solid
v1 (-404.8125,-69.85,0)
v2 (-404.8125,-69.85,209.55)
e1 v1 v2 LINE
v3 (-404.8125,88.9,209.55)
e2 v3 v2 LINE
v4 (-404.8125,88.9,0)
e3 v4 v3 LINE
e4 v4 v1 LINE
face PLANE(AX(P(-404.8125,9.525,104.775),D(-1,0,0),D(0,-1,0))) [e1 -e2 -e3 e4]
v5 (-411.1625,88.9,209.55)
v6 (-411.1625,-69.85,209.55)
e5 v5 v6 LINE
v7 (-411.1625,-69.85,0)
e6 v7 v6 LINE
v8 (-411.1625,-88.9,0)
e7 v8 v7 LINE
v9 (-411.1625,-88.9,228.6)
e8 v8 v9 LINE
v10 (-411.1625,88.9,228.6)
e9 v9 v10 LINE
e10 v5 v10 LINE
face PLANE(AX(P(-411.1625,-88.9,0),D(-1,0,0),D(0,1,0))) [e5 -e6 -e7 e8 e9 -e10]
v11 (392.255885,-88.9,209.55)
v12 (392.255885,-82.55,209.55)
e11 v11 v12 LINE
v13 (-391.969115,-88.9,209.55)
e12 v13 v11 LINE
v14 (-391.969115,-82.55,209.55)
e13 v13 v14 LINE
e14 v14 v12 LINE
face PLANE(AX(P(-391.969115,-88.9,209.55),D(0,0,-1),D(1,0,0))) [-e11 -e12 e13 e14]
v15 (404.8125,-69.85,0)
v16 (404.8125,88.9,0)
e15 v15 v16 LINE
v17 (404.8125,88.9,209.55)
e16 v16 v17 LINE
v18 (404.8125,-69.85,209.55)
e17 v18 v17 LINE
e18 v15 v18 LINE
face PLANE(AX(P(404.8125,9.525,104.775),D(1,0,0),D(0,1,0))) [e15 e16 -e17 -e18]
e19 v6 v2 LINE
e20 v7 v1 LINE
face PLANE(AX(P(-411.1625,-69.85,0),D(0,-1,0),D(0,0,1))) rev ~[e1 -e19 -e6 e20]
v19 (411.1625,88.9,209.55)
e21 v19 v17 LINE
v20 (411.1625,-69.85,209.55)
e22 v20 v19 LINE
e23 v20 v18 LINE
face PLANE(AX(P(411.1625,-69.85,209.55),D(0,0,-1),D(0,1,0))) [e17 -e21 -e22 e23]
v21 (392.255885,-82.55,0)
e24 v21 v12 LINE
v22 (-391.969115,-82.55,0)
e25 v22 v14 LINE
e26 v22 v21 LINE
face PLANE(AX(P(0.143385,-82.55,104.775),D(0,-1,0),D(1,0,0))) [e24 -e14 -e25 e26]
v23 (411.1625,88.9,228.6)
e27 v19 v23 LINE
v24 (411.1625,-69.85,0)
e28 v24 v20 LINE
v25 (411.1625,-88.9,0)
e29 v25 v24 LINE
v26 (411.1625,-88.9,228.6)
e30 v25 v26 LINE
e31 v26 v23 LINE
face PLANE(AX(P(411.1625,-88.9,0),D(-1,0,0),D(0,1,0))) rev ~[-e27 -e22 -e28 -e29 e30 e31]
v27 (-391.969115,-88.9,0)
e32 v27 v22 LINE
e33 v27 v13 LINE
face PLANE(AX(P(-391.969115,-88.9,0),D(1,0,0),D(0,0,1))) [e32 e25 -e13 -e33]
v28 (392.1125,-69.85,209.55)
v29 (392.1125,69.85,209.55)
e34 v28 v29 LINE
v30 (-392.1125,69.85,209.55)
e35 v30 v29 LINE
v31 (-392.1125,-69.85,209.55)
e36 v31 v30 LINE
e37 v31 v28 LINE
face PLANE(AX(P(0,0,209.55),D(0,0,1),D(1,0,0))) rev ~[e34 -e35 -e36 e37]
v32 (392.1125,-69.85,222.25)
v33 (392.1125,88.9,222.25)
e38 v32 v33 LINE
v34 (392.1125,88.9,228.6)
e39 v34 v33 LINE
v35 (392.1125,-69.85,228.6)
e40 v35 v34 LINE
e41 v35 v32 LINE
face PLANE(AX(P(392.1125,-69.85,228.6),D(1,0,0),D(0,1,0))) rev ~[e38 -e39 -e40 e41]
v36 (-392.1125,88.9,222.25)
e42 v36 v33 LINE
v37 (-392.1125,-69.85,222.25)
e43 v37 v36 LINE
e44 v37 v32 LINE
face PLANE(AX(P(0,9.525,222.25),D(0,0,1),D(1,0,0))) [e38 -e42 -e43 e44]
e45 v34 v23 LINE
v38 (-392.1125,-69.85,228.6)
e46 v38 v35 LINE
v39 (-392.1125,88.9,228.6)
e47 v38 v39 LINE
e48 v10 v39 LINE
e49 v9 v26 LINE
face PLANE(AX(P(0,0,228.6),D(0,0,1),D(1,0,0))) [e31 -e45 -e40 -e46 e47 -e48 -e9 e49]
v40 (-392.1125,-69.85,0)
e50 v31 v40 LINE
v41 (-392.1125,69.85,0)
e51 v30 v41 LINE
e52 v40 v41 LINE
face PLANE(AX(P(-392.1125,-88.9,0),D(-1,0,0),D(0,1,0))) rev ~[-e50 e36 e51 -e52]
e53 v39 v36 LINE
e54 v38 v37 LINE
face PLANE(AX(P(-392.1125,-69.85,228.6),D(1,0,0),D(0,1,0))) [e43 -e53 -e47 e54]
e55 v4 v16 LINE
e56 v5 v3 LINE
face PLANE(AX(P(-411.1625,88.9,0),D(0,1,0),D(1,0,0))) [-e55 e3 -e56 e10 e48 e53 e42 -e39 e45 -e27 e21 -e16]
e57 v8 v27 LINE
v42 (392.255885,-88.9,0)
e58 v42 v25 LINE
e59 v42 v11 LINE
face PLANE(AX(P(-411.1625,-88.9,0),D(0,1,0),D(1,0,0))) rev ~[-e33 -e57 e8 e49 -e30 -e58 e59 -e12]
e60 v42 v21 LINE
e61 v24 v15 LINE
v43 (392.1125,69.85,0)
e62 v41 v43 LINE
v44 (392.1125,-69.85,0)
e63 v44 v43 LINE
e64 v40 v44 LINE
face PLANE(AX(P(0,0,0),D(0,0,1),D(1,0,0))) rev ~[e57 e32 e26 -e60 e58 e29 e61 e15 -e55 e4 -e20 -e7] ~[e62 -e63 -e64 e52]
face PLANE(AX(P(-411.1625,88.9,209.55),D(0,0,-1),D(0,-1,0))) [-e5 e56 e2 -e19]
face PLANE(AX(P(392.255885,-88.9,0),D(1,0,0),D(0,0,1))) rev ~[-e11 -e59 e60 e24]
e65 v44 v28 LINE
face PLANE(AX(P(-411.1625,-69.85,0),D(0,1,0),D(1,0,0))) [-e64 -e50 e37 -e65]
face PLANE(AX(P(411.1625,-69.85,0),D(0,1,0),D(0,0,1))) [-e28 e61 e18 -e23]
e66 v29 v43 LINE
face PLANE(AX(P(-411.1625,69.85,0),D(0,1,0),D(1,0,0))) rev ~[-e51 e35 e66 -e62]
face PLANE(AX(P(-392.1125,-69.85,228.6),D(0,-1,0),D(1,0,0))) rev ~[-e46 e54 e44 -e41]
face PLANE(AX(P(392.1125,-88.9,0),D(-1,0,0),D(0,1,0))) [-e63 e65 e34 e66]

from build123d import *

# Parameters (mm, degrees)
F0_W      = 822.325
F0_H      = 177.8
F1_DEPTH  = 228.6
F2_T      = -19.05
F3_W      = 784.225
F3_H      = 209.55
F4_DEPTH  = 6.35
F5_W      = 158.75
F5_H      = 209.55
F6_DEPTH  = 6.35
F7_W      = 158.75
F7_H      = 209.55
F8_DEPTH  = 6.35
F9_W      = 784.225
F9_H      = 158.75
F10_DEPTH = 6.35


with BuildPart() as f1:
    # F0 (on Top) → F1 (new body)
    with BuildSketch(Plane.XY):
        Rectangle(F0_W, F0_H)
    extrude(amount=F1_DEPTH)

    # F2
    f2_openings = [f1.faces().sort_by_distance(p)[0] for p in [
        (0, 0, 0),
    ]]
    offset(amount=F2_T, openings=f2_openings)

    # F3 (on face) → F4 (cut)
    with BuildSketch(Plane.XZ.offset(88.9)):
        with Locations((0.143385, 104.775)):
            Rectangle(F3_W, F3_H)
    extrude(amount=-F4_DEPTH, mode=Mode.SUBTRACT)

    # F5 (on face) → F6 (cut)
    with BuildSketch(Plane(origin=(-411.1625, 0, 0), x_dir=(0, -1, 0), z_dir=(-1, 0, 0))):
        with Locations((-9.525, 104.775)):
            Rectangle(F5_W, F5_H)
    extrude(amount=-F6_DEPTH, mode=Mode.SUBTRACT)

    # F7 (on face) → F8 (cut)
    with BuildSketch(Plane.YZ.offset(411.1625)):
        with Locations((9.525, 104.775)):
            Rectangle(F7_W, F7_H)
    extrude(amount=-F8_DEPTH, mode=Mode.SUBTRACT)

    # F9 (on face) → F10 (cut)
    with BuildSketch(Plane.XY.offset(228.6)):
        with Locations((0, 9.525)):
            Rectangle(F9_W, F9_H)
    extrude(amount=-F10_DEPTH, mode=Mode.SUBTRACT)


solid = f1.part
